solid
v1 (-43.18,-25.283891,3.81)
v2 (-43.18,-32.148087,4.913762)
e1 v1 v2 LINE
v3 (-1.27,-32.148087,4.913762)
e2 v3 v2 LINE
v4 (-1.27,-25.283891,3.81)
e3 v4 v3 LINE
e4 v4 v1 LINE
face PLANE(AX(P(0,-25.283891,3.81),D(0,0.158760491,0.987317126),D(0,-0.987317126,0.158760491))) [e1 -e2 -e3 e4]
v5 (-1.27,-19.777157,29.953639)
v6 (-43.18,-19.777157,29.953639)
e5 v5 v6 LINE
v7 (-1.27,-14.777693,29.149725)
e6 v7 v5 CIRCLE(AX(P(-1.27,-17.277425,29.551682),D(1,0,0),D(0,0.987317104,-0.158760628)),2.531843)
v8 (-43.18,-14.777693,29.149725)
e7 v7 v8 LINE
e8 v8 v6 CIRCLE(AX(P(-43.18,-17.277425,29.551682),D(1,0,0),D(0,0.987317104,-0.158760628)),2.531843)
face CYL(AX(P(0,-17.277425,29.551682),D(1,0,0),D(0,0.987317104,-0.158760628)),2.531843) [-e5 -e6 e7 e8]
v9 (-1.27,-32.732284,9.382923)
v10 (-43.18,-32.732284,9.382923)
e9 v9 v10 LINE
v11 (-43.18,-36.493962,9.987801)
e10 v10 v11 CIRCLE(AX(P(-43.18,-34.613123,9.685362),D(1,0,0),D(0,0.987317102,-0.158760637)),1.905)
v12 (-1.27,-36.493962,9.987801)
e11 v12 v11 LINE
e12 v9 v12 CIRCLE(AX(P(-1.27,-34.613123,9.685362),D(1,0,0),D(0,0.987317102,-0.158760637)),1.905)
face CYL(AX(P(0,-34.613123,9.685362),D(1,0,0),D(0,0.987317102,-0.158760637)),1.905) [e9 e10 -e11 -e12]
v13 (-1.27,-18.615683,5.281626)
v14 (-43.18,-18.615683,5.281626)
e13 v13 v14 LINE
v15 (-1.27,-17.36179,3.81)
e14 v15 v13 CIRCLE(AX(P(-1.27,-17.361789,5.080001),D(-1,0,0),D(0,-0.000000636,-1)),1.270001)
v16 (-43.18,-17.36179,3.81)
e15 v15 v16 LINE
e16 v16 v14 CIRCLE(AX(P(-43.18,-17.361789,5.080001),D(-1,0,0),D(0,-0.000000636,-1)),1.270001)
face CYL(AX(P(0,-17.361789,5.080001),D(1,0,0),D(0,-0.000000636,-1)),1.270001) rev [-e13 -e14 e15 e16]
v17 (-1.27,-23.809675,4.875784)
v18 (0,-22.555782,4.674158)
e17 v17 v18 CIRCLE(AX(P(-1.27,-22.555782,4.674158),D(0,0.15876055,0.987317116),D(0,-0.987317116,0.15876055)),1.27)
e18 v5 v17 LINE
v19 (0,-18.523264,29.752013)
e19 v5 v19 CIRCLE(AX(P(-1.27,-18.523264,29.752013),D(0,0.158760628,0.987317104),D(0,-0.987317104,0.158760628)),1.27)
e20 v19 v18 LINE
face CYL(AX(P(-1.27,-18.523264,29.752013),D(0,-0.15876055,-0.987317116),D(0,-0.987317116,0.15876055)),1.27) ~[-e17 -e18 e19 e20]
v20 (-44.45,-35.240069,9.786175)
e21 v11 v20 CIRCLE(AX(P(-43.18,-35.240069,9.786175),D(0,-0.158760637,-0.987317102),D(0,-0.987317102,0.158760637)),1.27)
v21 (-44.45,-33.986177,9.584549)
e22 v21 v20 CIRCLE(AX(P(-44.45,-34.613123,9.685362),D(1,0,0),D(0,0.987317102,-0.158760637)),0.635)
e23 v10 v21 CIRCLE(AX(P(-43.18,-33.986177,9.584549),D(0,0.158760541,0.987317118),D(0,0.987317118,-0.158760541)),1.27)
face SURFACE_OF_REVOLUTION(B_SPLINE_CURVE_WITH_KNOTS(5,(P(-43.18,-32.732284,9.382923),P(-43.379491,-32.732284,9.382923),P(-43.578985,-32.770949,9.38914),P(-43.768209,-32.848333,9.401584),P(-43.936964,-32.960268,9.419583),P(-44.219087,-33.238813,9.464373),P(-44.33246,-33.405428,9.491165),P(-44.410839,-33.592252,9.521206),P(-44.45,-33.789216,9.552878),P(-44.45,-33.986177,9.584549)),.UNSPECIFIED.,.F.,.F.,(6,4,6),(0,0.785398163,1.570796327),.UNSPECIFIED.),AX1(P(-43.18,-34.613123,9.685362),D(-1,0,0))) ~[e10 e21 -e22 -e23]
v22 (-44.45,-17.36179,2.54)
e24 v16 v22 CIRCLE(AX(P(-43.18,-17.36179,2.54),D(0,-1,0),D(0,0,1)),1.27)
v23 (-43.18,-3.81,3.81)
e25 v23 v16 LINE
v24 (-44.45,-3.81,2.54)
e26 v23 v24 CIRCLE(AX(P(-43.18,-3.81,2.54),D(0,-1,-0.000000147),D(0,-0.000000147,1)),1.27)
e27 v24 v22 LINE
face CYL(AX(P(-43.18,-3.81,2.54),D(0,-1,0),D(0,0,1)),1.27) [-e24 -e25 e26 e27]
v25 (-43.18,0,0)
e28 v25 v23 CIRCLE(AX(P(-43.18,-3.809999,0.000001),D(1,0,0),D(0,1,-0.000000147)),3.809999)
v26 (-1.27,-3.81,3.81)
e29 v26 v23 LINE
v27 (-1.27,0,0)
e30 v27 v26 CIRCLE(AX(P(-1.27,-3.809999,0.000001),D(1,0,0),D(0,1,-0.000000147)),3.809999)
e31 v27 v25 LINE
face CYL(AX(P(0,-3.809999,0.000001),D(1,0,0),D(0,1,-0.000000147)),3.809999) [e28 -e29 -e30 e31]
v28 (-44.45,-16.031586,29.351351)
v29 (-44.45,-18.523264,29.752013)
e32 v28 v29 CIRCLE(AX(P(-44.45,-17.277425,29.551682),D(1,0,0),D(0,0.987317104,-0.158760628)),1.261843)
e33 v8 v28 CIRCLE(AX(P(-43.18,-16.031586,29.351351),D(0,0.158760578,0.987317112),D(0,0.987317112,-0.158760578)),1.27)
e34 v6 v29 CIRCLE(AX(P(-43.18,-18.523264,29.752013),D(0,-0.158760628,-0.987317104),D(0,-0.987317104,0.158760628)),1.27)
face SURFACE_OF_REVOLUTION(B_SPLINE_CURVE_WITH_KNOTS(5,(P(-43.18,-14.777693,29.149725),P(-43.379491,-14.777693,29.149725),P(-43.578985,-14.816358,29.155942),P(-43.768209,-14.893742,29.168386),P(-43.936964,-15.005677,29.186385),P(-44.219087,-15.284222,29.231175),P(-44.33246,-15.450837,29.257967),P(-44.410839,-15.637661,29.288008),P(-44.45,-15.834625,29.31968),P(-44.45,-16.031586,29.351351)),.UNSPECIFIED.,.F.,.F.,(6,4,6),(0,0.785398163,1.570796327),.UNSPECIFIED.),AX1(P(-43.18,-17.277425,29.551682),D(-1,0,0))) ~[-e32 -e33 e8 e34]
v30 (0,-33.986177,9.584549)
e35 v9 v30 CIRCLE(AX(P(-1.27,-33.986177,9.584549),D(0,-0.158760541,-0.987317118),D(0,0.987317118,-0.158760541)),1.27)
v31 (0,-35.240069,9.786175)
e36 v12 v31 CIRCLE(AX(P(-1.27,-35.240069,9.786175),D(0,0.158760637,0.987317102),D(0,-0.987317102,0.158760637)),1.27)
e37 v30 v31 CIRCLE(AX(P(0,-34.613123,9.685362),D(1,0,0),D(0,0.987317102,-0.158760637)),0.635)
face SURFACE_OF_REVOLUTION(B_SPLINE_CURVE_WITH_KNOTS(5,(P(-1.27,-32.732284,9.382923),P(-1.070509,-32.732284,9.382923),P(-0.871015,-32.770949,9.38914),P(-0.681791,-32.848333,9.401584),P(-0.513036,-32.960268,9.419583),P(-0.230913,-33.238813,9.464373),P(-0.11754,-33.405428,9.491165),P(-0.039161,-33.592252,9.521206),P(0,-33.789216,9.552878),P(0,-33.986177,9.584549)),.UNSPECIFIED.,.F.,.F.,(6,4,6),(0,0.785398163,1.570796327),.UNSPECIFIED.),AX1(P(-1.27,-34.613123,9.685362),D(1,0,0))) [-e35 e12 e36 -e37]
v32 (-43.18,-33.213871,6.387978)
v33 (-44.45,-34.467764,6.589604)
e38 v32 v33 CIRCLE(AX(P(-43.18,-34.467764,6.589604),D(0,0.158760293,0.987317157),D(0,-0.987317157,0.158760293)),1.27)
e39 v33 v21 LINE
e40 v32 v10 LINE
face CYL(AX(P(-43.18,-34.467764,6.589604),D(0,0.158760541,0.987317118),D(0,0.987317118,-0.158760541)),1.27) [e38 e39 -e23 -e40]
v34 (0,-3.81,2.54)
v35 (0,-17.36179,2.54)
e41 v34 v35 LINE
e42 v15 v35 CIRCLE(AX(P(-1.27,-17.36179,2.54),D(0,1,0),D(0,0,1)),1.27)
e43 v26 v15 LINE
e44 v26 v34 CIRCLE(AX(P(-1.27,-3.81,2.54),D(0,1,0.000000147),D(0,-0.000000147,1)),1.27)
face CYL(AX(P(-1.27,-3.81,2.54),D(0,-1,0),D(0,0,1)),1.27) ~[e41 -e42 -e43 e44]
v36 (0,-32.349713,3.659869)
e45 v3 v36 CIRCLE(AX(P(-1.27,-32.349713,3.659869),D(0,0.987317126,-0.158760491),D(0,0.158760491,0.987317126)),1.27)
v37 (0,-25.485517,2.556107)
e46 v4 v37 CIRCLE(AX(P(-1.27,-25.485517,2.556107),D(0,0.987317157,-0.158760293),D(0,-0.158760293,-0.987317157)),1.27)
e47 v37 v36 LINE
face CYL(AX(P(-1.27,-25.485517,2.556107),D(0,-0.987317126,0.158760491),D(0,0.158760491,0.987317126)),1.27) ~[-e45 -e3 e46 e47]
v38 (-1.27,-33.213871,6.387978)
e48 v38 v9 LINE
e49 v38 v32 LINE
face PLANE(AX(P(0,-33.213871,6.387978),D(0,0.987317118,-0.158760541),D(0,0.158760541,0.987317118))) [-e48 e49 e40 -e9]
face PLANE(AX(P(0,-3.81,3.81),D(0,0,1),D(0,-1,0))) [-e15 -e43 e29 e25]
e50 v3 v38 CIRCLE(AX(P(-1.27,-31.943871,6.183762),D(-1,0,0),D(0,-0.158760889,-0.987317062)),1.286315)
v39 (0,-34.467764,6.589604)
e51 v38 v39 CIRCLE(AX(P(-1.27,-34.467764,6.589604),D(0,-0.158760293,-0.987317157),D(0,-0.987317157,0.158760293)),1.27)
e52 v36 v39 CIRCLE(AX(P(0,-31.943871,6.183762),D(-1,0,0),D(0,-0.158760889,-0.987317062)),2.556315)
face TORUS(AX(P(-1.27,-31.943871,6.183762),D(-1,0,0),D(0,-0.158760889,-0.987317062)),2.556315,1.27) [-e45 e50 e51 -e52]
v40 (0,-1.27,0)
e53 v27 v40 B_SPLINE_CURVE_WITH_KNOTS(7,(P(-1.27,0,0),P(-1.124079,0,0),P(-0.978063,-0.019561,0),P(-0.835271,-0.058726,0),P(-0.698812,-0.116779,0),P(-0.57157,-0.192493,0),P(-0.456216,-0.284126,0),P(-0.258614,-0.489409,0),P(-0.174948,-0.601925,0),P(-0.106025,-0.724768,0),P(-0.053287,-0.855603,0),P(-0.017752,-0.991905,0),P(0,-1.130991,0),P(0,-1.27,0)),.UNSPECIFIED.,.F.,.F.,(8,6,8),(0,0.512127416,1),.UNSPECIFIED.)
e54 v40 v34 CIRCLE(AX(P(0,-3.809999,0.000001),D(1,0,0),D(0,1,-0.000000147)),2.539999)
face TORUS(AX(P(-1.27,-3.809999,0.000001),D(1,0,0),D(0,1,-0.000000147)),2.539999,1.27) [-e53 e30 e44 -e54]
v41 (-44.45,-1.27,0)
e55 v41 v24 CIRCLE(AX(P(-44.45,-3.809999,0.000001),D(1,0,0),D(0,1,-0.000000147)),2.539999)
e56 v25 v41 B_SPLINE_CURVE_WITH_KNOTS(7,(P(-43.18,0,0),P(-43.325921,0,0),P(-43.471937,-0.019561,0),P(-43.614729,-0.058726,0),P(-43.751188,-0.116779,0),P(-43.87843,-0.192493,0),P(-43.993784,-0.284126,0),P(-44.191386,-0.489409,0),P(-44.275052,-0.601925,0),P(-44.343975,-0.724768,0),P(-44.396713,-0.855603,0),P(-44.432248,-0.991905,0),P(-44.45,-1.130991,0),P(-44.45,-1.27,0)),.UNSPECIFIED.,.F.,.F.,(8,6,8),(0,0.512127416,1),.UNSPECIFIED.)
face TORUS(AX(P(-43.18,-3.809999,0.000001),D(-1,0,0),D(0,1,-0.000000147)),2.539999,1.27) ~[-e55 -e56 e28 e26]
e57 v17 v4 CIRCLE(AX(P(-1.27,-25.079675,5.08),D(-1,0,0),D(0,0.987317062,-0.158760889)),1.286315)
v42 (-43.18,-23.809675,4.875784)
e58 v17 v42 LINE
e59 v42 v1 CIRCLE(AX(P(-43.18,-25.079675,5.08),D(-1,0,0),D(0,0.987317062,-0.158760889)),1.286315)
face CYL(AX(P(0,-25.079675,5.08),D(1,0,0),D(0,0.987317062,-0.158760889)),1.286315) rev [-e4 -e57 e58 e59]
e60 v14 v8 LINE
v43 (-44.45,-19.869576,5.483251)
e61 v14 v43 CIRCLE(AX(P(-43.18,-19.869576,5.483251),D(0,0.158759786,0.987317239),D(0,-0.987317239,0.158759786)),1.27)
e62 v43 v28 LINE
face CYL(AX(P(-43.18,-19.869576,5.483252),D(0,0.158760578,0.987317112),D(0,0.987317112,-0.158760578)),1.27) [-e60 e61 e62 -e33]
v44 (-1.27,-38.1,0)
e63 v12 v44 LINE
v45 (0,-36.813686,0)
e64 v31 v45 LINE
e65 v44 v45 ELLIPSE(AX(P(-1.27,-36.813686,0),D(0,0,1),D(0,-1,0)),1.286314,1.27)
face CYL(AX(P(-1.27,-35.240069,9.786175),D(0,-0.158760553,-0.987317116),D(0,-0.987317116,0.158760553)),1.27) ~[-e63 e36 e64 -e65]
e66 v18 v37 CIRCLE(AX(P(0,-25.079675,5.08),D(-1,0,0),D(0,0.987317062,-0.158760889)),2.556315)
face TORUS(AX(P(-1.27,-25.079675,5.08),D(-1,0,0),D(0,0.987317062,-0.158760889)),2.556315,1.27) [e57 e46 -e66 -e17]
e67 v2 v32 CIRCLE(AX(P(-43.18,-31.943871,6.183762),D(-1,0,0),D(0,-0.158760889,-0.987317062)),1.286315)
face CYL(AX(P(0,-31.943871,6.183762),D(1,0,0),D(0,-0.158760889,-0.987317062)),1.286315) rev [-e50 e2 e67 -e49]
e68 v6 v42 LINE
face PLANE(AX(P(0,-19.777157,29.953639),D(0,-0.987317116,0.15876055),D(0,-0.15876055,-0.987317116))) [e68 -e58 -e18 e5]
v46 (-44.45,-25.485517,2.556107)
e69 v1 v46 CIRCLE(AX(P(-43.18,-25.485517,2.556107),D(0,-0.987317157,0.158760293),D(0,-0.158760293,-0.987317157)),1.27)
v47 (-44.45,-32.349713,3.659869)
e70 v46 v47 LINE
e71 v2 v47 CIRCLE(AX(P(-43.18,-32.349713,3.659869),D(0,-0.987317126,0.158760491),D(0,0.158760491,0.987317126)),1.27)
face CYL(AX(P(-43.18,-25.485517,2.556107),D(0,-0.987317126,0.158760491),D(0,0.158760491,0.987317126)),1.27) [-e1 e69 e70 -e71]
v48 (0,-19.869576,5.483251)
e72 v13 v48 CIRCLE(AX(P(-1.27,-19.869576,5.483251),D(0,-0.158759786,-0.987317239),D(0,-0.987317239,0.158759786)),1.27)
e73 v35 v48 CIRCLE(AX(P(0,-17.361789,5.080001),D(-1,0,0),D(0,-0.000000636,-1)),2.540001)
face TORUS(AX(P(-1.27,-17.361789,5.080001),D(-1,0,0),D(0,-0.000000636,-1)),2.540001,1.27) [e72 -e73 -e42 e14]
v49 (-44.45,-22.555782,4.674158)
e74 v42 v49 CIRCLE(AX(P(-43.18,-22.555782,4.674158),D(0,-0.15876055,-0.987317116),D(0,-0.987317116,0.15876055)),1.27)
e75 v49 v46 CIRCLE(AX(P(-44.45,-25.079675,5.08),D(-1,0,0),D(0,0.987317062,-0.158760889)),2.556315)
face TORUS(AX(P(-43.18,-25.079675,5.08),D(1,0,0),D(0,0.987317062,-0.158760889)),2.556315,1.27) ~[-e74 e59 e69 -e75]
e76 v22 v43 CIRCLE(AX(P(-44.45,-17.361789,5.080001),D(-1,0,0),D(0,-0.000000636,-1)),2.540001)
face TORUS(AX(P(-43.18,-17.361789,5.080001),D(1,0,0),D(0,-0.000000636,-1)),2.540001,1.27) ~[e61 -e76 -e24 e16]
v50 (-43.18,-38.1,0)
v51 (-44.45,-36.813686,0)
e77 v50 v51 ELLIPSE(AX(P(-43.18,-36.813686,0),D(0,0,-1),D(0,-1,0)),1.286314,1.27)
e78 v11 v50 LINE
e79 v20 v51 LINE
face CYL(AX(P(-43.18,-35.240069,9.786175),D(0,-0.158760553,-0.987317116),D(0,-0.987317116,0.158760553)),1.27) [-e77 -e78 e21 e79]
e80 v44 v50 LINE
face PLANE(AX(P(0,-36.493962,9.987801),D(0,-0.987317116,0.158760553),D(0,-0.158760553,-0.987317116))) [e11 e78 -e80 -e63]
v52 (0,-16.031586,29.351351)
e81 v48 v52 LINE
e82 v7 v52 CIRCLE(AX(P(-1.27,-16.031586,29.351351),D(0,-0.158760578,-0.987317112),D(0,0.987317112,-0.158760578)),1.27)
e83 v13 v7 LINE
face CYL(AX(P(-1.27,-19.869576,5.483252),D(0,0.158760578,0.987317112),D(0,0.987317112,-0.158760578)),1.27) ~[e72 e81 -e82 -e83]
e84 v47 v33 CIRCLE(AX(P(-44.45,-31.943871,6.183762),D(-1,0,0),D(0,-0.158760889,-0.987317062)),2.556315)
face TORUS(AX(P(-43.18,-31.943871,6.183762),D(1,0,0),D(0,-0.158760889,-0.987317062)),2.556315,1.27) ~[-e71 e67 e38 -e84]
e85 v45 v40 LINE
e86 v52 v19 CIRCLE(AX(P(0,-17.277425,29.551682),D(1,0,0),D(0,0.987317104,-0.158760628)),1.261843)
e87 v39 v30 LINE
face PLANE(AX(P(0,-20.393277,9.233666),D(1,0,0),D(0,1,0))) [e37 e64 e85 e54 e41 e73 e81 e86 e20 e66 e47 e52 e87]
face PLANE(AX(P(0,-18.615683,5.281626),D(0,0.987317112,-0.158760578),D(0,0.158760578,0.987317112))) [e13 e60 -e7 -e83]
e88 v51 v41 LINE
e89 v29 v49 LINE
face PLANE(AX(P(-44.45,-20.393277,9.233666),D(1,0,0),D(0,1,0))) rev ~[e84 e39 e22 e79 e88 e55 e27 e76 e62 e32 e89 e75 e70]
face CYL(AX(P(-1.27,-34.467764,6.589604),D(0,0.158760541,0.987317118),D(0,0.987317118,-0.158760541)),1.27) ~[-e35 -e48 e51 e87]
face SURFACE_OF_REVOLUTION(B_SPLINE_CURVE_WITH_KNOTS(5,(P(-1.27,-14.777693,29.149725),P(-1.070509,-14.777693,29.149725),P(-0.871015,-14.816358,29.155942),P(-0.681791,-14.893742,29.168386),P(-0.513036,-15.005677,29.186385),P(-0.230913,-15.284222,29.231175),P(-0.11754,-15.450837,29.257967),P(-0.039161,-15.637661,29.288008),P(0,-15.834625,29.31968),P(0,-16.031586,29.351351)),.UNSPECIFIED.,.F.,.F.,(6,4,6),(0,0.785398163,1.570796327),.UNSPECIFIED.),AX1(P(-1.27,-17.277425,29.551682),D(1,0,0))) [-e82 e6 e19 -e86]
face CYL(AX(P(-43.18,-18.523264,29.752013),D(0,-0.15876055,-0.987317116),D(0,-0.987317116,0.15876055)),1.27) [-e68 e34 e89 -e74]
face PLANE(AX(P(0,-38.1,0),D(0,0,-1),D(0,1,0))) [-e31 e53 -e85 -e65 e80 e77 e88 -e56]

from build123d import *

# Parameters (mm, degrees)
F1_DEPTH = 44.45
F2_R     = 1.27


with BuildPart() as f1:
    # F0 (on Right) → F1 (new body)
    with BuildSketch(Plane.YZ):
        with BuildLine():
            Line((-38.1, 0), (0, 0))
            ThreePointArc((0, 0), (-1.115923, 2.694077), (-3.81, 3.81))
            Line((-3.81, 3.81), (-17.36179, 3.81))
            ThreePointArc((-17.36179, 3.81), (-18.328476, 4.256339), (-18.615683, 5.281626))
            Line((-18.615683, 5.281626), (-14.777693, 29.149725))
            ThreePointArc((-14.777693, 29.149725), (-16.875468, 32.051414), (-19.777157, 29.953639))
            Line((-19.777157, 29.953639), (-23.809675, 4.875784))
            ThreePointArc((-23.809675, 4.875784), (-24.326052, 4.037572), (-25.283891, 3.81))
            Line((-25.283891, 3.81), (-32.148087, 4.913762))
            ThreePointArc((-32.148087, 4.913762), (-32.986299, 5.430139), (-33.213871, 6.387978))
            Line((-33.213871, 6.387978), (-32.732284, 9.382923))
            ThreePointArc((-32.732284, 9.382923), (-34.310684, 11.566201), (-36.493962, 9.987801))
            Line((-36.493962, 9.987801), (-38.1, 0))
        make_face()
    extrude(amount=-F1_DEPTH)

    # F2
    f2_edges = [f1.edges().sort_by_distance(p)[0] for p in [
        (0, -21.793416, 17.414711),
        (-44.45, -21.793416, 17.414711),
    ]]
    fillet(f2_edges, radius=F2_R)


solid = f1.part
